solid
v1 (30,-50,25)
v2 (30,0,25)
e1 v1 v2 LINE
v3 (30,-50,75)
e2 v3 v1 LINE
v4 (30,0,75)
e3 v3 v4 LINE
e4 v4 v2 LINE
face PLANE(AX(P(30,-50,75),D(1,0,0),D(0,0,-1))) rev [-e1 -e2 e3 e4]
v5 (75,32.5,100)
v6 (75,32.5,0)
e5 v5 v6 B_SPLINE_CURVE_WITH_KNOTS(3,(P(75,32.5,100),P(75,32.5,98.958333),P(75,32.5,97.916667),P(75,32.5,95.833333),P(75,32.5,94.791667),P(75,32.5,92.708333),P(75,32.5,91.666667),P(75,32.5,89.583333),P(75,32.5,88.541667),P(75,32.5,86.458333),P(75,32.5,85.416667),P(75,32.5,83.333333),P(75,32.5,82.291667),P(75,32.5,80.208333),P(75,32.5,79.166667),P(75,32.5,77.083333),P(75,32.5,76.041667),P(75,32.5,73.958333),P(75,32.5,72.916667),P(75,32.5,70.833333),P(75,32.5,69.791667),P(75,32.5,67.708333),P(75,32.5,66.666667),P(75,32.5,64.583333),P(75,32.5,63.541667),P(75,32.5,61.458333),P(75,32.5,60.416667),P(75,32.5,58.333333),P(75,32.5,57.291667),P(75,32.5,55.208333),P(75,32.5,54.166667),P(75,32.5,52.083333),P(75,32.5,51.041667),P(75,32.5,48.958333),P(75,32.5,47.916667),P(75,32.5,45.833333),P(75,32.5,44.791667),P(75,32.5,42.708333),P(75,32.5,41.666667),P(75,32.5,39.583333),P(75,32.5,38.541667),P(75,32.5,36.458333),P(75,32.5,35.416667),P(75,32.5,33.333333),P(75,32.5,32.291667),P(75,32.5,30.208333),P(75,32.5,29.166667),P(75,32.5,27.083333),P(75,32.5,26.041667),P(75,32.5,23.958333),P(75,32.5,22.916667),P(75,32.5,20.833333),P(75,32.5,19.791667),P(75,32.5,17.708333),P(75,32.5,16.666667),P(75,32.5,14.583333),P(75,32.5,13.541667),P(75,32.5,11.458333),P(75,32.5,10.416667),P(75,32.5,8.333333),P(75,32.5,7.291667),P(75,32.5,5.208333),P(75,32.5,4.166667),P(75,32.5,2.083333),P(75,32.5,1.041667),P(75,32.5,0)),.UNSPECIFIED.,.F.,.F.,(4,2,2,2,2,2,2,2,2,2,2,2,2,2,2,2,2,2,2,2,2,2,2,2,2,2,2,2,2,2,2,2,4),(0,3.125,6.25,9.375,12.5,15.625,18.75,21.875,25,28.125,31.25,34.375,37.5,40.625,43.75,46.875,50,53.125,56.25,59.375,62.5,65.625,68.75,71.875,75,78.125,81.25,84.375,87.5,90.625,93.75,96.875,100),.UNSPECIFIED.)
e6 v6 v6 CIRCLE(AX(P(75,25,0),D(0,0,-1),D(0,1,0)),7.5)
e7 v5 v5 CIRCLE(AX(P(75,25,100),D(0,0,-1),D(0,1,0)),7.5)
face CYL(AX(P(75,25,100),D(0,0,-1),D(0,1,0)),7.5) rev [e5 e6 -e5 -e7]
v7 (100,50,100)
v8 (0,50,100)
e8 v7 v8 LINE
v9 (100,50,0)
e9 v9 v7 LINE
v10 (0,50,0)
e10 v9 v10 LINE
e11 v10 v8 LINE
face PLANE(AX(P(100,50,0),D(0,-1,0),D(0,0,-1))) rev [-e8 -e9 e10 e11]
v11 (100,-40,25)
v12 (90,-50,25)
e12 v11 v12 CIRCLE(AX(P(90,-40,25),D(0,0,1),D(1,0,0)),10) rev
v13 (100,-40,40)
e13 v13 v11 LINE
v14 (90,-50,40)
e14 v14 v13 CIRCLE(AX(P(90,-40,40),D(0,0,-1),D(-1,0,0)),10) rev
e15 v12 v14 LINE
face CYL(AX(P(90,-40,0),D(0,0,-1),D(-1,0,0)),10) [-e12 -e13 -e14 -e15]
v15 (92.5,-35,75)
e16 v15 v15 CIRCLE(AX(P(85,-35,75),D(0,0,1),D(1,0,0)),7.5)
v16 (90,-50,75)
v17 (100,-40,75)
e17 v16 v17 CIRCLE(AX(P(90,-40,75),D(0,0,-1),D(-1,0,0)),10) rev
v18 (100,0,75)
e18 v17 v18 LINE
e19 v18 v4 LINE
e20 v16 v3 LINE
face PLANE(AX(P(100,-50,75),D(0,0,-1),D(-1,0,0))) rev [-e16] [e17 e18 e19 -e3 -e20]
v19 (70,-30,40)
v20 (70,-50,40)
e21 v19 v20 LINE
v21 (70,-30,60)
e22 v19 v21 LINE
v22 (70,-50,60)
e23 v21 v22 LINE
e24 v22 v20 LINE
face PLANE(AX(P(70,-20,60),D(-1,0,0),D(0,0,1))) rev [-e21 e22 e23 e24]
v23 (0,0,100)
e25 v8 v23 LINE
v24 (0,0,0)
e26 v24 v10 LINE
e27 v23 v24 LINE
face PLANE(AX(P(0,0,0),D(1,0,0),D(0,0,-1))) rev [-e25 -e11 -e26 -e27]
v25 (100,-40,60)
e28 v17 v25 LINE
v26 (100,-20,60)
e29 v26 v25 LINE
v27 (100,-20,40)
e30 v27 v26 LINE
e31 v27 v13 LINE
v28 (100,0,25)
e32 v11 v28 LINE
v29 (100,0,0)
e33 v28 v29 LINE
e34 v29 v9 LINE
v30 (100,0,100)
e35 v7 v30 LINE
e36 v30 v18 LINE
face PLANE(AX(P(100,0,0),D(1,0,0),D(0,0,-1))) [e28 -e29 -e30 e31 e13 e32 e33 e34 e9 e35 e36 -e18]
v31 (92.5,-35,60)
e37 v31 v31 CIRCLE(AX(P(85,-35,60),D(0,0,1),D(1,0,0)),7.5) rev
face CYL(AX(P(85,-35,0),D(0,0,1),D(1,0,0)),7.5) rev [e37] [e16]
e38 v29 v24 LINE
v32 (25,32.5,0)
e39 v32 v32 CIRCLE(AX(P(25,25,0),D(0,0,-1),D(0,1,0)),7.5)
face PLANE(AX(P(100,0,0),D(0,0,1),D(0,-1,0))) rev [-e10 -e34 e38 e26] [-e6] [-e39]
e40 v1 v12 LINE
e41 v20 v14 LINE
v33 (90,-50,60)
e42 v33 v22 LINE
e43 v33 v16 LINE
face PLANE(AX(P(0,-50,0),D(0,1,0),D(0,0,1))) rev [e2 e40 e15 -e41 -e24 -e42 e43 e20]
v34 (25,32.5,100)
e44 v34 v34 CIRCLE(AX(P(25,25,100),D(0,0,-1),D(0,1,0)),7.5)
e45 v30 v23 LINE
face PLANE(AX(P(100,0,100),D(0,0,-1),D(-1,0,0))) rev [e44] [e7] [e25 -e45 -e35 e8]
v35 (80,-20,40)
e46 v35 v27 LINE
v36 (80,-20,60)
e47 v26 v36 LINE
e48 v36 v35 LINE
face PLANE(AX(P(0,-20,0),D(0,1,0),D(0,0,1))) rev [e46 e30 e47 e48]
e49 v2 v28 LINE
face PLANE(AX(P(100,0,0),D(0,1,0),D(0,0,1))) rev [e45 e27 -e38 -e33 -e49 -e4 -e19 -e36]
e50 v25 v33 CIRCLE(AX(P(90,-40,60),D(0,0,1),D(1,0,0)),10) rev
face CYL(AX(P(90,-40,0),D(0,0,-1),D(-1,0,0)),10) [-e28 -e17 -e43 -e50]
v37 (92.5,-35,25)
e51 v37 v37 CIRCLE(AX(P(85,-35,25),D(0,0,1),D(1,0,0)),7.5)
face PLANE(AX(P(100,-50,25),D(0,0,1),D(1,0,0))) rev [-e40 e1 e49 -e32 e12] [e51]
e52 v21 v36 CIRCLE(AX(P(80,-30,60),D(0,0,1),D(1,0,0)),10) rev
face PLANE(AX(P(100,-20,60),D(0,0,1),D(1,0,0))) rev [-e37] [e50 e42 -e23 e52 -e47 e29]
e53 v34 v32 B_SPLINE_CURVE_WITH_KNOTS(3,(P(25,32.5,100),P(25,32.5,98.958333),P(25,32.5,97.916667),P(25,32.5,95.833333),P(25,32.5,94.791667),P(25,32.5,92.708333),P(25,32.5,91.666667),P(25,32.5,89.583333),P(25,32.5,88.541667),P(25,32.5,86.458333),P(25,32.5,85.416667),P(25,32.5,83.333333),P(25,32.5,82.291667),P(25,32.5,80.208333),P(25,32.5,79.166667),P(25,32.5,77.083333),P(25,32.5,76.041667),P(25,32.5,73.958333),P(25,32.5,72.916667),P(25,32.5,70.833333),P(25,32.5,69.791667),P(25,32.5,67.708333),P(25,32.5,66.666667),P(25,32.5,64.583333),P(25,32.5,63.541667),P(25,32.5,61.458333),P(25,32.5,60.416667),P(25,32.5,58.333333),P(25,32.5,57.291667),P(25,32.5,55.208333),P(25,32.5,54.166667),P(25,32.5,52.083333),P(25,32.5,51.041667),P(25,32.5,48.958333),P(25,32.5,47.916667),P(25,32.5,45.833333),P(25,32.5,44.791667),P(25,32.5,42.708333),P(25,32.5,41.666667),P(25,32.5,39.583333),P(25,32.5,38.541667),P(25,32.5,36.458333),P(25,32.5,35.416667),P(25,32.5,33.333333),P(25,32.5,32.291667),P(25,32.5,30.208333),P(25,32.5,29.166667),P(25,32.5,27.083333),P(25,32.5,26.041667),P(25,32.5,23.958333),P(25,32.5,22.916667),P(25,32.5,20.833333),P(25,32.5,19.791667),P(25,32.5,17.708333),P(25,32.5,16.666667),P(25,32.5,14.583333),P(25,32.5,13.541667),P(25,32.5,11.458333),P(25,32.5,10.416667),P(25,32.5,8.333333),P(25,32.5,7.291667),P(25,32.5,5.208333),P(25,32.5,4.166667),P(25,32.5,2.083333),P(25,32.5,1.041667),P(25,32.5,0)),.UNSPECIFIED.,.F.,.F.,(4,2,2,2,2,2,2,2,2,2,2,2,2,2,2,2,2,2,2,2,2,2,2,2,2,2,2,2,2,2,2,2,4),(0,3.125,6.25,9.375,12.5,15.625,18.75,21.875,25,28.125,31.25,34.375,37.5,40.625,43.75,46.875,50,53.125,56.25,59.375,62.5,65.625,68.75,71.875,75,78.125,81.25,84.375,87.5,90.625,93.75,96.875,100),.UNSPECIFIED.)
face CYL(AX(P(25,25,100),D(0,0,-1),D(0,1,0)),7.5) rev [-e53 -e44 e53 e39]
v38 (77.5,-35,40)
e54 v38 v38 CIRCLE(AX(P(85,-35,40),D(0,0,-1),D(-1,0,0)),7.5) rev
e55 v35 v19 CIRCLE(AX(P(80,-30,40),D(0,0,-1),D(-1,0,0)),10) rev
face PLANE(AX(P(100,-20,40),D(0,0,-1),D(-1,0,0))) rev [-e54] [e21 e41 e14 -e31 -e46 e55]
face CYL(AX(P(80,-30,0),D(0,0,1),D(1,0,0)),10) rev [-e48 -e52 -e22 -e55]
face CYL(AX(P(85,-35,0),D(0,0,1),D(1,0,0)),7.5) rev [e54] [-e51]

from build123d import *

# Parameters (mm, degrees)
SKETCH1_W           = 100
SKETCH1_H           = 50
BOSS_EXTRUDE1_DEPTH = 100
SKETCH2_R           = 7.5
CUT_EXTRUDE1_DEPTH  = 151
SKETCH3_W           = 70
SKETCH3_H           = 50
BOSS_EXTRUDE2_DEPTH = 50
SKETCH4_R           = 7.5
CUT_EXTRUDE2_DEPTH  = 135.629120178
SKETCH5_W           = 30
SKETCH5_H           = 20
CUT_EXTRUDE3_DEPTH  = 30
FILLET1_R           = 10


with BuildPart() as part:
    # Sketch1 → Boss-Extrude1 (new body)
    with BuildSketch(Plane(origin=(0, 0, 0), x_dir=(0, 0, -1), z_dir=(1, 0, 0))):
        with Locations((-50, 25)):
            Rectangle(SKETCH1_W, SKETCH1_H)
    extrude(amount=BOSS_EXTRUDE1_DEPTH)

    # Sketch2 → Cut-Extrude1 (cut, through all)
    with BuildSketch(Plane(origin=(0, 0, 0), x_dir=(-1, 0, 0), z_dir=(0, 0, -1))):
        with Locations(Location((-75, 25, 0), (0, 0, 90))):
            Circle(SKETCH2_R)
        with Locations(Location((-25, 25, 0), (0, 0, 90))):
            Circle(SKETCH2_R)
    extrude(amount=-CUT_EXTRUDE1_DEPTH, mode=Mode.SUBTRACT)

    # Sketch3 → Boss-Extrude2 (add)
    with BuildSketch(Plane.XZ):
        with Locations((65, 50)):
            Rectangle(SKETCH3_W, SKETCH3_H)
    extrude(amount=BOSS_EXTRUDE2_DEPTH)

    # Sketch4 → Cut-Extrude2 (cut, through all)
    with BuildSketch(Plane.XY.offset(75)):
        with Locations((85, -35)):
            Circle(SKETCH4_R)
    extrude(amount=-CUT_EXTRUDE2_DEPTH, mode=Mode.SUBTRACT)

    # Sketch5 → Cut-Extrude3 (cut)
    with BuildSketch(Plane.XZ.offset(50)):
        with Locations((85, 50)):
            Rectangle(SKETCH5_W, SKETCH5_H)
    extrude(amount=-CUT_EXTRUDE3_DEPTH, mode=Mode.SUBTRACT)

    # Fillet1
    fillet1_edges = [part.edges().sort_by_distance(p)[0] for p in [
        (100, -50, 32.5),
        (100, -50, 67.5),
        (70, -20, 50),
    ]]
    fillet(fillet1_edges, radius=FILLET1_R)


solid = part.part
